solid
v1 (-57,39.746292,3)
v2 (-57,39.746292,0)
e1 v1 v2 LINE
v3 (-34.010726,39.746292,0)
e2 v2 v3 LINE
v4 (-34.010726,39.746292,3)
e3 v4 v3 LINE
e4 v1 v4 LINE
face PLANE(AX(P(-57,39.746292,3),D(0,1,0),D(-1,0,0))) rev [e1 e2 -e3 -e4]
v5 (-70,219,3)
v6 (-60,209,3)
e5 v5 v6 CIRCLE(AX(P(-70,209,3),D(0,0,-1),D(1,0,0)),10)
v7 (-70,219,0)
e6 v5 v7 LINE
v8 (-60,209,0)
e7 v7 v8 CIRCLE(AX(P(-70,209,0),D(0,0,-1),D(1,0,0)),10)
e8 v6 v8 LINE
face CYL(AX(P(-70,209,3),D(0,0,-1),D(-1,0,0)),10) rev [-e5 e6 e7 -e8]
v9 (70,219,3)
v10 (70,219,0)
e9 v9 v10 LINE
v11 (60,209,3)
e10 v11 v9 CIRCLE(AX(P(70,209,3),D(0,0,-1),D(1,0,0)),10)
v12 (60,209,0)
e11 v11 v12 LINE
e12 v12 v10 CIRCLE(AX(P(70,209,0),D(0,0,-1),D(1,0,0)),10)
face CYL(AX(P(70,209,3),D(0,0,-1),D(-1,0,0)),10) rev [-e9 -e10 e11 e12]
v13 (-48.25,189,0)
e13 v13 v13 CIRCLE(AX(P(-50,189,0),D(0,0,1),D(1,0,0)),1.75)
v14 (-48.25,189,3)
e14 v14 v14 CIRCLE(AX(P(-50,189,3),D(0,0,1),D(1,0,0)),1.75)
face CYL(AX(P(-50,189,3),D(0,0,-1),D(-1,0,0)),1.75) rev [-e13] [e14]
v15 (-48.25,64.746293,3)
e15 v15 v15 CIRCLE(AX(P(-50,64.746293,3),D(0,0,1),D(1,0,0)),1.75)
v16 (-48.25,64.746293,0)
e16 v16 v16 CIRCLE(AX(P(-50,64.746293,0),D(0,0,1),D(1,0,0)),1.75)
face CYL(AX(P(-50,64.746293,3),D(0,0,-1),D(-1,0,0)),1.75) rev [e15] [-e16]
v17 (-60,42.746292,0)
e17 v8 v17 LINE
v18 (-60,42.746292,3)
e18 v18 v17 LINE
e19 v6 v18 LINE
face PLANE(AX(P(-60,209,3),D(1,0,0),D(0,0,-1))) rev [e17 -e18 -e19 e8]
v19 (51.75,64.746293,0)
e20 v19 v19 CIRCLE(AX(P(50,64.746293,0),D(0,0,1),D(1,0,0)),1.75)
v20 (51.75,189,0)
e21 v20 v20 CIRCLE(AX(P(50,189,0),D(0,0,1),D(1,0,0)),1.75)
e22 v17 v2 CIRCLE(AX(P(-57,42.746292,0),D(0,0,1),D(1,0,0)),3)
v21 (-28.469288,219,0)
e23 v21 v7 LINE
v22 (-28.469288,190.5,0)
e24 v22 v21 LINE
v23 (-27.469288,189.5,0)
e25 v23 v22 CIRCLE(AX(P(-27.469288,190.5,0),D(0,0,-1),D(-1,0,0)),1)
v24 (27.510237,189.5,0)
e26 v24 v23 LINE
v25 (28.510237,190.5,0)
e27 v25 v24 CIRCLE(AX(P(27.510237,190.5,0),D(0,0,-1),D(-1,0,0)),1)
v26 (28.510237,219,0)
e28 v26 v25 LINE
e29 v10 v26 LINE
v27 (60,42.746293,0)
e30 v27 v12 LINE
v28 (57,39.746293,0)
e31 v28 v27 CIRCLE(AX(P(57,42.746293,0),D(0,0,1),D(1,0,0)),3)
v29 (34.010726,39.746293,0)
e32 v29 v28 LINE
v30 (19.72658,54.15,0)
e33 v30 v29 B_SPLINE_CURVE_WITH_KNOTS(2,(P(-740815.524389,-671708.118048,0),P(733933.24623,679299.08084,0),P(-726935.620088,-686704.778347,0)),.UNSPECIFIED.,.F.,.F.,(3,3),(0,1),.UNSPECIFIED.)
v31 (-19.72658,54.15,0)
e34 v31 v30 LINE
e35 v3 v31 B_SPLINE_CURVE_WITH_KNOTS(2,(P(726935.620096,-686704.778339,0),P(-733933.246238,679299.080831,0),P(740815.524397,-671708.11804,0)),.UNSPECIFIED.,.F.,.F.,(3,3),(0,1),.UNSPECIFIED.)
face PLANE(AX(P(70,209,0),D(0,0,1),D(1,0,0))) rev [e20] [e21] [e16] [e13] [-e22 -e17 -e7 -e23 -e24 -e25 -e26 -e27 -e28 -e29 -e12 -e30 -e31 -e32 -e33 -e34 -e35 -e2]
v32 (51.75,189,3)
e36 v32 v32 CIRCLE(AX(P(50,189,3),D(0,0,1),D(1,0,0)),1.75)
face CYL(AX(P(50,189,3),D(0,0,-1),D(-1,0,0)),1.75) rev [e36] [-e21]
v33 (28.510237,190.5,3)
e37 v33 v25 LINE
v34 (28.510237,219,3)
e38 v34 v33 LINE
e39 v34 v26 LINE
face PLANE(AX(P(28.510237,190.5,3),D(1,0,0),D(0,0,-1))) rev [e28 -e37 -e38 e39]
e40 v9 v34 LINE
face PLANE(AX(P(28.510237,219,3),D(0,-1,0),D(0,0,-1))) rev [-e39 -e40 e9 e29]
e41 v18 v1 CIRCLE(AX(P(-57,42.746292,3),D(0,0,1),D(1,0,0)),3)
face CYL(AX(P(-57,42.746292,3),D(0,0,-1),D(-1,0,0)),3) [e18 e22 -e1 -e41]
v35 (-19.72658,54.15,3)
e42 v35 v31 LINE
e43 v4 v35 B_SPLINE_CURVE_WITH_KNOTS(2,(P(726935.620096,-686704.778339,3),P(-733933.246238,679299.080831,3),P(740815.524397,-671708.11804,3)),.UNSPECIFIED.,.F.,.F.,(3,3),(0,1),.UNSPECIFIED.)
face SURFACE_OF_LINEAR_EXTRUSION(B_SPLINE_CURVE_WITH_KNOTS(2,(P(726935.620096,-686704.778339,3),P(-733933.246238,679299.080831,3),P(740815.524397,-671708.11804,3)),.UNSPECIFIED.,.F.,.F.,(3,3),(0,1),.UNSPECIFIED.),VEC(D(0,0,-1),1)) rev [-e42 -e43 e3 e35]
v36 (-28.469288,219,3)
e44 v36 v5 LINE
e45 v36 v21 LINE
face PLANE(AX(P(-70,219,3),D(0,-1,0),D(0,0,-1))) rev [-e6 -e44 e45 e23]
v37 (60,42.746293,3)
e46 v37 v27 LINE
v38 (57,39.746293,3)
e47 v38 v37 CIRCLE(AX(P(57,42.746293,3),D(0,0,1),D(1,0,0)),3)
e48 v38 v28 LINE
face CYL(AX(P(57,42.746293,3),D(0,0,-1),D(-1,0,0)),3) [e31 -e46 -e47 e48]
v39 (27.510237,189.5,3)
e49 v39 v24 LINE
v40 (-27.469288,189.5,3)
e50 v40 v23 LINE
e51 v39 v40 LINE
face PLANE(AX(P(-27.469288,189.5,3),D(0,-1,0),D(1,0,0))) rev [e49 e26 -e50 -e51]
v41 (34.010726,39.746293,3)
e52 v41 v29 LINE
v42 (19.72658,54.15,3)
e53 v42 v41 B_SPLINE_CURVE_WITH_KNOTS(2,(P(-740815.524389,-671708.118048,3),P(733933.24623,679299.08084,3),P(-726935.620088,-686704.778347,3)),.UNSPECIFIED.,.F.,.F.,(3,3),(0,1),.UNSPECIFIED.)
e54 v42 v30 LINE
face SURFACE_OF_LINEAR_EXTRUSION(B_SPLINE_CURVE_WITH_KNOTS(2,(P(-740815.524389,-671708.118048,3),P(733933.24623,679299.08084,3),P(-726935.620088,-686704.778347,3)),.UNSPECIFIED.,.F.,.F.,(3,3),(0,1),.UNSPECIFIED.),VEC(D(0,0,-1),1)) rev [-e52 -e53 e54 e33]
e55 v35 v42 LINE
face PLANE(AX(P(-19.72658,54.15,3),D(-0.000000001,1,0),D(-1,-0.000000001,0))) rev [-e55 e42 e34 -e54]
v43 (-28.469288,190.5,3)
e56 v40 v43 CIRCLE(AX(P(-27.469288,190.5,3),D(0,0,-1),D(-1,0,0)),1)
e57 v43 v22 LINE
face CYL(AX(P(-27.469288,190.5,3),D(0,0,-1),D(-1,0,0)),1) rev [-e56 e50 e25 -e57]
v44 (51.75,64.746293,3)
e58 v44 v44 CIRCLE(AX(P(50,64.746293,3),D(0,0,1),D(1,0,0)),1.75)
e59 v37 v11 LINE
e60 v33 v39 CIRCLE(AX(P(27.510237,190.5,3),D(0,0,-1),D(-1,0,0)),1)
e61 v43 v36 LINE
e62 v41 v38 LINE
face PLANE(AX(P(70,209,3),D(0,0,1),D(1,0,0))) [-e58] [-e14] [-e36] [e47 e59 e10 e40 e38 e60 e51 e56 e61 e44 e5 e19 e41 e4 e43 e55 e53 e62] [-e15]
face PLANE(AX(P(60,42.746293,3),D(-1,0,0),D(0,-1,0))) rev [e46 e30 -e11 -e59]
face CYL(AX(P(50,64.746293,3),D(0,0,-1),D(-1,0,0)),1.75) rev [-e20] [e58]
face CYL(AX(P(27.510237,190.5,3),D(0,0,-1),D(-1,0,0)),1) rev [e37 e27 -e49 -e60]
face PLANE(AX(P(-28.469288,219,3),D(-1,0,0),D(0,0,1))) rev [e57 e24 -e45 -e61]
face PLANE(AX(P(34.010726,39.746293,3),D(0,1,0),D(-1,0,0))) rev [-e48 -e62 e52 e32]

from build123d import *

# Parameters (mm, degrees)
SKETCH1_R           = 1.75
BOSS_EXTRUDE1_DEPTH = 3


with BuildPart() as part:
    # Sketch1 → Boss-Extrude1 (new body)
    with BuildSketch(Plane.XY):
        with BuildLine():
            Line((-69.999999999, 218.999999943), (-28.469288178, 218.999999943))
            Line((-28.469288178, 218.999999943), (-28.469288178, 190.499999944))
            ThreePointArc((-28.469288178, 190.499999944), (-28.176394959, 189.792893162), (-27.469288178, 189.499999944))
            Line((-27.469288178, 189.499999944), (27.510237275, 189.499999944))
            ThreePointArc((27.510237275, 189.499999944), (28.217344056, 189.792893162), (28.510237275, 190.499999944))
            Line((28.510237275, 190.499999944), (28.510237275, 219.000000001))
            Line((28.510237275, 219.000000001), (70, 219.000000001))
            ThreePointArc((70, 219.000000001), (62.928932188, 216.071067813), (60, 209.000000001))
            Line((60, 209.000000001), (60.000000001, 42.74629253))
            ThreePointArc((60.000000001, 42.74629253), (59.121320345, 40.624972187), (57.000000001, 39.74629253))
            Line((57.000000001, 39.74629253), (34.010726172, 39.74629253))
            add(Edge.make_bspline(
                [(19.726580347, 54.15000005), (28.313482135, 48.285383123), (34.010726172, 39.74629253)],
                knots=[0, 0, 0, 1, 1, 1], degree=2))
            Line((19.726580347, 54.15000005), (-19.726580417, 54.150000001))
            add(Edge.make_bspline(
                [(-34.010726207, 39.746292473), (-28.313482185, 48.285383067), (-19.726580417, 54.150000001)],
                knots=[0, 0, 0, 1, 1, 1], degree=2))
            Line((-34.010726207, 39.746292473), (-56.999999999, 39.746292473))
            ThreePointArc((-56.999999999, 39.746292473), (-59.121320343, 40.624972129), (-59.999999999, 42.746292473))
            Line((-59.999999999, 42.746292473), (-59.999999999, 208.999999944))
            ThreePointArc((-59.999999999, 208.999999944), (-62.928932187, 216.071067755), (-69.999999999, 218.999999943))
        make_face()
        with Locations((-50, 189)):
            Circle(SKETCH1_R, mode=Mode.SUBTRACT)
        with Locations((50, 189.000000001)):
            Circle(SKETCH1_R, mode=Mode.SUBTRACT)
        with Locations((-49.999999999, 64.74629253)):
            Circle(SKETCH1_R, mode=Mode.SUBTRACT)
        with Locations((50.000000001, 64.74629253)):
            Circle(SKETCH1_R, mode=Mode.SUBTRACT)
    extrude(amount=BOSS_EXTRUDE1_DEPTH)


solid = part.part
